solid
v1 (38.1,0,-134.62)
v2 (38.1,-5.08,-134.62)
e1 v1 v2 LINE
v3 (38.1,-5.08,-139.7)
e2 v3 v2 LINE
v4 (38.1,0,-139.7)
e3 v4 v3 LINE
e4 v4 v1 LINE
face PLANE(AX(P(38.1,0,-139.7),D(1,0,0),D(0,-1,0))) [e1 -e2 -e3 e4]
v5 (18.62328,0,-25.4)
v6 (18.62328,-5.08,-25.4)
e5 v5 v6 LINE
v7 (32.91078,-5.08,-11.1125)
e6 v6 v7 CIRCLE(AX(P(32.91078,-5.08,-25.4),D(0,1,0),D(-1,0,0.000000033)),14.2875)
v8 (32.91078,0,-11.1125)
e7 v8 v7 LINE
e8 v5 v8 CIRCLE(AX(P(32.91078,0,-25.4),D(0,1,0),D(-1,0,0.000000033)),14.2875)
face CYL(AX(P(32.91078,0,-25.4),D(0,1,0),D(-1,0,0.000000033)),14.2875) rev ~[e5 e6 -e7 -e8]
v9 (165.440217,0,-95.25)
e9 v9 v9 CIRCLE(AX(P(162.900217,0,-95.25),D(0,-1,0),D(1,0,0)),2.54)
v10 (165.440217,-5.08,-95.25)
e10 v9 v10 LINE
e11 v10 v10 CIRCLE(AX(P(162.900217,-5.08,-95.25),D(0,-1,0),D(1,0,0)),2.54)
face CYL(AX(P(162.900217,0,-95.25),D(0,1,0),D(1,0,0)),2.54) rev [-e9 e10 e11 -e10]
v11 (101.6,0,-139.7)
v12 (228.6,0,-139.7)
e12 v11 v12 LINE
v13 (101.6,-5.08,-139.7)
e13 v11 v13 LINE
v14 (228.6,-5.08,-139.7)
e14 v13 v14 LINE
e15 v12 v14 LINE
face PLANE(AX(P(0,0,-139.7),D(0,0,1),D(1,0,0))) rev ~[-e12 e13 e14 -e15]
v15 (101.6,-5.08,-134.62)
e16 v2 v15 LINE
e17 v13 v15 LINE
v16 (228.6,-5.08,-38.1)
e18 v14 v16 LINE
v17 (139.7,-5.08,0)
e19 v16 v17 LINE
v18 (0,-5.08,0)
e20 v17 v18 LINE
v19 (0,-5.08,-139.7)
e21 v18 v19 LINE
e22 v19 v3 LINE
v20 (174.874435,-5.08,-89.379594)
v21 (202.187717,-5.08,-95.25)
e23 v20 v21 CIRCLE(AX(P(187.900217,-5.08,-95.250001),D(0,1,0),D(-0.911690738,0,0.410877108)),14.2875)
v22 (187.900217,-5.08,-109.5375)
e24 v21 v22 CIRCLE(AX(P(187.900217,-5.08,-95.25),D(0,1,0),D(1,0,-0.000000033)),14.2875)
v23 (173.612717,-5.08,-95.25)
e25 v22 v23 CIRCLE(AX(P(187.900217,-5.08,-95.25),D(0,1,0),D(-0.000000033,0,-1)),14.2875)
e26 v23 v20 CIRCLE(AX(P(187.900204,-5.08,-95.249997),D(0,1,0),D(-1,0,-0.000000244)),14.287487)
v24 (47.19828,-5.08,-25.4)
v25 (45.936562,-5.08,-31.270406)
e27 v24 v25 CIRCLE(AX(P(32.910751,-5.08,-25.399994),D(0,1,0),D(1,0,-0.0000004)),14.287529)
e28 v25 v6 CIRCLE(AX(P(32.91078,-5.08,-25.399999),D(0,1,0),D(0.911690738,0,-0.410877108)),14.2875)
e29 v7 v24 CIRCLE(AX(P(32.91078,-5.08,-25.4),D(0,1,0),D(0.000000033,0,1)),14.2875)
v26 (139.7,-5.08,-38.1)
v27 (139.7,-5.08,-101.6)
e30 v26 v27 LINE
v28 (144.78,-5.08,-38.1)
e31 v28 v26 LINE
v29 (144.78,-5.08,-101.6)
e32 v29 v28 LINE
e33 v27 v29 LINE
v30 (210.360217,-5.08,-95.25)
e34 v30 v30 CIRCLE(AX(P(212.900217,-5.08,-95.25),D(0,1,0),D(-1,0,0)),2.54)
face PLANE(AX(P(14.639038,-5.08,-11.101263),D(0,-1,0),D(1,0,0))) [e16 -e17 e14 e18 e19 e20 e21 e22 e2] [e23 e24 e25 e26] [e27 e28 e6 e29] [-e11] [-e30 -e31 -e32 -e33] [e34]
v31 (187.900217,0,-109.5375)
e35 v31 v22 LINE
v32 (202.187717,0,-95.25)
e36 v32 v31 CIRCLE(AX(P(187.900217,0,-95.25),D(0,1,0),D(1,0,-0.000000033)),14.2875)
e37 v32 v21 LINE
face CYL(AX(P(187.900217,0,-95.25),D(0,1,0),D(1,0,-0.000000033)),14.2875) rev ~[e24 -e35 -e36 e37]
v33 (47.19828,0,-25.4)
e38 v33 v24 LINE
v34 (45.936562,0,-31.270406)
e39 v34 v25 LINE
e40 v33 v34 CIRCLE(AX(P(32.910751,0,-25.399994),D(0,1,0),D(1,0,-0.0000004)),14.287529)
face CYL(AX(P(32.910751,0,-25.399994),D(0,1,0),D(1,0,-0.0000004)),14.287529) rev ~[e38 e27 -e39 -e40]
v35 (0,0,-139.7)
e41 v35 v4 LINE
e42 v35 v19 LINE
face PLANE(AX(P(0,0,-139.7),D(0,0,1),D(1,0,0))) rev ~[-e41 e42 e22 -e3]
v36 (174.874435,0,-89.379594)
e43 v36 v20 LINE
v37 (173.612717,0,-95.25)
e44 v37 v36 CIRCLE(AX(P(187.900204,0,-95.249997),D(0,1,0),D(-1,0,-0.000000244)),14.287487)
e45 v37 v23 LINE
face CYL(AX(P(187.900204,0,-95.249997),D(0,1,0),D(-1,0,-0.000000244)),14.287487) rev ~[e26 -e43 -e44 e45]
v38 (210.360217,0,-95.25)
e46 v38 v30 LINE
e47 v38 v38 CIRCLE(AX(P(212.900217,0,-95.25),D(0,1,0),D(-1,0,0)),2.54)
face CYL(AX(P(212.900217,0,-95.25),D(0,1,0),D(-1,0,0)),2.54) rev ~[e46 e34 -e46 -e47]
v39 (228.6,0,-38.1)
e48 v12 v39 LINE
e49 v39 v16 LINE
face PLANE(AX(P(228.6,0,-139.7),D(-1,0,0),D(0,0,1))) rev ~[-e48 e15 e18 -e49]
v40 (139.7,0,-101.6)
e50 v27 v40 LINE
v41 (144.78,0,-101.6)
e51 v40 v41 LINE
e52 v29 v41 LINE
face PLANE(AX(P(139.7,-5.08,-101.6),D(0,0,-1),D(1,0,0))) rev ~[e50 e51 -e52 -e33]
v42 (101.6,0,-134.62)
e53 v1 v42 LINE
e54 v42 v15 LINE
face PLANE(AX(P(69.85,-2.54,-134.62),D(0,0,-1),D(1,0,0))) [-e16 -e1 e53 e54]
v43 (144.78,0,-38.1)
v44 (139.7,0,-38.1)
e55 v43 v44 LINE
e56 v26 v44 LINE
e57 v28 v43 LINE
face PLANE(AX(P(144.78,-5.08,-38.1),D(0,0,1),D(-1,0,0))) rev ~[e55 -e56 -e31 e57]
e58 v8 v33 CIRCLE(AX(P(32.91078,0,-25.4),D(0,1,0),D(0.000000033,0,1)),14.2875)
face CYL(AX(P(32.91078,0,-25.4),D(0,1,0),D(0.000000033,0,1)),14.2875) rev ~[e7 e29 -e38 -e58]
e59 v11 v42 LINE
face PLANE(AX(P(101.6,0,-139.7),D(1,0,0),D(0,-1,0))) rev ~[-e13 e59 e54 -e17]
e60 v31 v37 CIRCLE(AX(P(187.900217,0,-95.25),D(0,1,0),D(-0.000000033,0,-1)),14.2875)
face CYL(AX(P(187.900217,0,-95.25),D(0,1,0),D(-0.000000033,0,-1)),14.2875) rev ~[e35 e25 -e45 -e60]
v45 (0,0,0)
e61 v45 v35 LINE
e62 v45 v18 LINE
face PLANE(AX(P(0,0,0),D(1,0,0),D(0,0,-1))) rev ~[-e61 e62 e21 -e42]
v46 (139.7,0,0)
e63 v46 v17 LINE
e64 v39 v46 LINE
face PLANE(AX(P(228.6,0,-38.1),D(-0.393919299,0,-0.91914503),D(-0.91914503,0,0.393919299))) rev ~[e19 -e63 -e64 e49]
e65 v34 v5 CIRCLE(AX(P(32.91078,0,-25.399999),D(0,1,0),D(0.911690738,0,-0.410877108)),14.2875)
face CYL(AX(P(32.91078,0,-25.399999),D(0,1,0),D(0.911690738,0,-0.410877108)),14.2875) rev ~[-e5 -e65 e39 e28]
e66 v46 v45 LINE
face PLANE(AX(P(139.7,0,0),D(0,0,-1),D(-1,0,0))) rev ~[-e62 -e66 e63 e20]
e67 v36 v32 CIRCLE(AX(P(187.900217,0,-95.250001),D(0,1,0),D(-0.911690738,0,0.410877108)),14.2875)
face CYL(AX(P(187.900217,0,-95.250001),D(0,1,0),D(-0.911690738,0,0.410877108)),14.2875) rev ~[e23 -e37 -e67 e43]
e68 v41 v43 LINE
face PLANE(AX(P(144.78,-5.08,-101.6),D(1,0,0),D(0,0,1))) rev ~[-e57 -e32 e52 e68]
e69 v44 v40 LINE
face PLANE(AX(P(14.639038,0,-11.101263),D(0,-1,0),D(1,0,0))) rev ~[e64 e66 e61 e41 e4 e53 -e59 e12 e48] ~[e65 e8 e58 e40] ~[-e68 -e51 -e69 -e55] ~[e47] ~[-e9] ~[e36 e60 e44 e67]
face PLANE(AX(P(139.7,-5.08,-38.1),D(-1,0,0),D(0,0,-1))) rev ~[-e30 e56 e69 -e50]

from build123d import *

# Parameters (mm, degrees)
F0_R     = 2.54
F1_DEPTH = 5.08
F2_W     = 63.5
F2_H     = 5.08
F3_DEPTH = 5.08
F5_DEPTH = 25.4


with BuildPart() as f1:
    # F0 (on Front) → F1 (new body)
    with BuildSketch(Plane.XZ):
        with BuildLine():
            Line((32.91078, 0), (0, 0))
            Line((0, 0), (0, -25.4))
            Line((0, -25.4), (18.62328, -25.4))
            ThreePointArc((18.62328, -25.4), (22.807992, -15.297212), (32.91078, -11.1125))
            Line((32.91078, -11.1125), (32.91078, 0))
        make_face()
        with BuildLine():
            Line((18.62328, -25.4), (0, -25.4))
            Line((0, -25.4), (0, -139.7))
            Line((0, -139.7), (139.7, -139.7))
            Line((139.7, -139.7), (187.900217, -139.7))
            Line((187.900217, -139.7), (187.900217, -109.5375))
            ThreePointArc((187.900217, -109.5375), (177.797429, -105.352788), (173.612717, -95.25))
            ThreePointArc((173.612717, -95.25), (173.931707, -92.247768), (174.874435, -89.379594))
            Line((174.874435, -89.379594), (45.936562, -31.270406))
            ThreePointArc((45.936562, -31.270406), (29.908548, -39.368509), (18.62328, -25.4))
        make_face()
        with Locations((162.900217, -95.25)):
            Circle(F0_R, mode=Mode.SUBTRACT)
        with BuildLine():
            Line((139.7, 0), (32.91078, 0))
            Line((32.91078, 0), (32.91078, -11.1125))
            ThreePointArc((32.91078, -11.1125), (43.013568, -15.297212), (47.19828, -25.4))
            ThreePointArc((47.19828, -25.4), (46.879289, -28.402232), (45.936562, -31.270406))
            Line((45.936562, -31.270406), (174.874435, -89.379594))
            ThreePointArc((174.874435, -89.379594), (190.902449, -81.281491), (202.187717, -95.25))
            ThreePointArc((202.187717, -95.25), (198.003005, -105.352788), (187.900217, -109.5375))
            Line((187.900217, -109.5375), (187.900217, -139.7))
            Line((187.900217, -139.7), (228.6, -139.7))
            Line((228.6, -139.7), (228.6, -38.1))
            Line((228.6, -38.1), (139.7, 0))
        make_face()
        with BuildLine():
            ThreePointArc((215.440217, -95.25), (212.900217, -97.79), (210.360217, -95.25))
            ThreePointArc((210.360217, -95.25), (212.900217, -92.71), (215.440217, -95.25))
        make_face(mode=Mode.SUBTRACT)
    extrude(amount=F1_DEPTH)

    # F2 (on face) → F3 (cut)
    with BuildSketch(Plane(origin=(0, 0, -139.7), x_dir=(1, 0, 0), z_dir=(0, 0, -1))):
        with Locations((69.85, 2.54)):
            Rectangle(F2_W, F2_H)
    extrude(amount=-F3_DEPTH, mode=Mode.SUBTRACT)

    # F4 (on face) → F5 (cut)
    with BuildSketch(Plane.XZ.offset(5.08)):
        Polygon((139.7, -69.85), (139.7, -101.6), (142.24, -101.6), (144.78, -101.6), (144.78, -38.1), (139.7, -38.1), align=None)
    extrude(amount=-F5_DEPTH, mode=Mode.SUBTRACT)


solid = f1.part
